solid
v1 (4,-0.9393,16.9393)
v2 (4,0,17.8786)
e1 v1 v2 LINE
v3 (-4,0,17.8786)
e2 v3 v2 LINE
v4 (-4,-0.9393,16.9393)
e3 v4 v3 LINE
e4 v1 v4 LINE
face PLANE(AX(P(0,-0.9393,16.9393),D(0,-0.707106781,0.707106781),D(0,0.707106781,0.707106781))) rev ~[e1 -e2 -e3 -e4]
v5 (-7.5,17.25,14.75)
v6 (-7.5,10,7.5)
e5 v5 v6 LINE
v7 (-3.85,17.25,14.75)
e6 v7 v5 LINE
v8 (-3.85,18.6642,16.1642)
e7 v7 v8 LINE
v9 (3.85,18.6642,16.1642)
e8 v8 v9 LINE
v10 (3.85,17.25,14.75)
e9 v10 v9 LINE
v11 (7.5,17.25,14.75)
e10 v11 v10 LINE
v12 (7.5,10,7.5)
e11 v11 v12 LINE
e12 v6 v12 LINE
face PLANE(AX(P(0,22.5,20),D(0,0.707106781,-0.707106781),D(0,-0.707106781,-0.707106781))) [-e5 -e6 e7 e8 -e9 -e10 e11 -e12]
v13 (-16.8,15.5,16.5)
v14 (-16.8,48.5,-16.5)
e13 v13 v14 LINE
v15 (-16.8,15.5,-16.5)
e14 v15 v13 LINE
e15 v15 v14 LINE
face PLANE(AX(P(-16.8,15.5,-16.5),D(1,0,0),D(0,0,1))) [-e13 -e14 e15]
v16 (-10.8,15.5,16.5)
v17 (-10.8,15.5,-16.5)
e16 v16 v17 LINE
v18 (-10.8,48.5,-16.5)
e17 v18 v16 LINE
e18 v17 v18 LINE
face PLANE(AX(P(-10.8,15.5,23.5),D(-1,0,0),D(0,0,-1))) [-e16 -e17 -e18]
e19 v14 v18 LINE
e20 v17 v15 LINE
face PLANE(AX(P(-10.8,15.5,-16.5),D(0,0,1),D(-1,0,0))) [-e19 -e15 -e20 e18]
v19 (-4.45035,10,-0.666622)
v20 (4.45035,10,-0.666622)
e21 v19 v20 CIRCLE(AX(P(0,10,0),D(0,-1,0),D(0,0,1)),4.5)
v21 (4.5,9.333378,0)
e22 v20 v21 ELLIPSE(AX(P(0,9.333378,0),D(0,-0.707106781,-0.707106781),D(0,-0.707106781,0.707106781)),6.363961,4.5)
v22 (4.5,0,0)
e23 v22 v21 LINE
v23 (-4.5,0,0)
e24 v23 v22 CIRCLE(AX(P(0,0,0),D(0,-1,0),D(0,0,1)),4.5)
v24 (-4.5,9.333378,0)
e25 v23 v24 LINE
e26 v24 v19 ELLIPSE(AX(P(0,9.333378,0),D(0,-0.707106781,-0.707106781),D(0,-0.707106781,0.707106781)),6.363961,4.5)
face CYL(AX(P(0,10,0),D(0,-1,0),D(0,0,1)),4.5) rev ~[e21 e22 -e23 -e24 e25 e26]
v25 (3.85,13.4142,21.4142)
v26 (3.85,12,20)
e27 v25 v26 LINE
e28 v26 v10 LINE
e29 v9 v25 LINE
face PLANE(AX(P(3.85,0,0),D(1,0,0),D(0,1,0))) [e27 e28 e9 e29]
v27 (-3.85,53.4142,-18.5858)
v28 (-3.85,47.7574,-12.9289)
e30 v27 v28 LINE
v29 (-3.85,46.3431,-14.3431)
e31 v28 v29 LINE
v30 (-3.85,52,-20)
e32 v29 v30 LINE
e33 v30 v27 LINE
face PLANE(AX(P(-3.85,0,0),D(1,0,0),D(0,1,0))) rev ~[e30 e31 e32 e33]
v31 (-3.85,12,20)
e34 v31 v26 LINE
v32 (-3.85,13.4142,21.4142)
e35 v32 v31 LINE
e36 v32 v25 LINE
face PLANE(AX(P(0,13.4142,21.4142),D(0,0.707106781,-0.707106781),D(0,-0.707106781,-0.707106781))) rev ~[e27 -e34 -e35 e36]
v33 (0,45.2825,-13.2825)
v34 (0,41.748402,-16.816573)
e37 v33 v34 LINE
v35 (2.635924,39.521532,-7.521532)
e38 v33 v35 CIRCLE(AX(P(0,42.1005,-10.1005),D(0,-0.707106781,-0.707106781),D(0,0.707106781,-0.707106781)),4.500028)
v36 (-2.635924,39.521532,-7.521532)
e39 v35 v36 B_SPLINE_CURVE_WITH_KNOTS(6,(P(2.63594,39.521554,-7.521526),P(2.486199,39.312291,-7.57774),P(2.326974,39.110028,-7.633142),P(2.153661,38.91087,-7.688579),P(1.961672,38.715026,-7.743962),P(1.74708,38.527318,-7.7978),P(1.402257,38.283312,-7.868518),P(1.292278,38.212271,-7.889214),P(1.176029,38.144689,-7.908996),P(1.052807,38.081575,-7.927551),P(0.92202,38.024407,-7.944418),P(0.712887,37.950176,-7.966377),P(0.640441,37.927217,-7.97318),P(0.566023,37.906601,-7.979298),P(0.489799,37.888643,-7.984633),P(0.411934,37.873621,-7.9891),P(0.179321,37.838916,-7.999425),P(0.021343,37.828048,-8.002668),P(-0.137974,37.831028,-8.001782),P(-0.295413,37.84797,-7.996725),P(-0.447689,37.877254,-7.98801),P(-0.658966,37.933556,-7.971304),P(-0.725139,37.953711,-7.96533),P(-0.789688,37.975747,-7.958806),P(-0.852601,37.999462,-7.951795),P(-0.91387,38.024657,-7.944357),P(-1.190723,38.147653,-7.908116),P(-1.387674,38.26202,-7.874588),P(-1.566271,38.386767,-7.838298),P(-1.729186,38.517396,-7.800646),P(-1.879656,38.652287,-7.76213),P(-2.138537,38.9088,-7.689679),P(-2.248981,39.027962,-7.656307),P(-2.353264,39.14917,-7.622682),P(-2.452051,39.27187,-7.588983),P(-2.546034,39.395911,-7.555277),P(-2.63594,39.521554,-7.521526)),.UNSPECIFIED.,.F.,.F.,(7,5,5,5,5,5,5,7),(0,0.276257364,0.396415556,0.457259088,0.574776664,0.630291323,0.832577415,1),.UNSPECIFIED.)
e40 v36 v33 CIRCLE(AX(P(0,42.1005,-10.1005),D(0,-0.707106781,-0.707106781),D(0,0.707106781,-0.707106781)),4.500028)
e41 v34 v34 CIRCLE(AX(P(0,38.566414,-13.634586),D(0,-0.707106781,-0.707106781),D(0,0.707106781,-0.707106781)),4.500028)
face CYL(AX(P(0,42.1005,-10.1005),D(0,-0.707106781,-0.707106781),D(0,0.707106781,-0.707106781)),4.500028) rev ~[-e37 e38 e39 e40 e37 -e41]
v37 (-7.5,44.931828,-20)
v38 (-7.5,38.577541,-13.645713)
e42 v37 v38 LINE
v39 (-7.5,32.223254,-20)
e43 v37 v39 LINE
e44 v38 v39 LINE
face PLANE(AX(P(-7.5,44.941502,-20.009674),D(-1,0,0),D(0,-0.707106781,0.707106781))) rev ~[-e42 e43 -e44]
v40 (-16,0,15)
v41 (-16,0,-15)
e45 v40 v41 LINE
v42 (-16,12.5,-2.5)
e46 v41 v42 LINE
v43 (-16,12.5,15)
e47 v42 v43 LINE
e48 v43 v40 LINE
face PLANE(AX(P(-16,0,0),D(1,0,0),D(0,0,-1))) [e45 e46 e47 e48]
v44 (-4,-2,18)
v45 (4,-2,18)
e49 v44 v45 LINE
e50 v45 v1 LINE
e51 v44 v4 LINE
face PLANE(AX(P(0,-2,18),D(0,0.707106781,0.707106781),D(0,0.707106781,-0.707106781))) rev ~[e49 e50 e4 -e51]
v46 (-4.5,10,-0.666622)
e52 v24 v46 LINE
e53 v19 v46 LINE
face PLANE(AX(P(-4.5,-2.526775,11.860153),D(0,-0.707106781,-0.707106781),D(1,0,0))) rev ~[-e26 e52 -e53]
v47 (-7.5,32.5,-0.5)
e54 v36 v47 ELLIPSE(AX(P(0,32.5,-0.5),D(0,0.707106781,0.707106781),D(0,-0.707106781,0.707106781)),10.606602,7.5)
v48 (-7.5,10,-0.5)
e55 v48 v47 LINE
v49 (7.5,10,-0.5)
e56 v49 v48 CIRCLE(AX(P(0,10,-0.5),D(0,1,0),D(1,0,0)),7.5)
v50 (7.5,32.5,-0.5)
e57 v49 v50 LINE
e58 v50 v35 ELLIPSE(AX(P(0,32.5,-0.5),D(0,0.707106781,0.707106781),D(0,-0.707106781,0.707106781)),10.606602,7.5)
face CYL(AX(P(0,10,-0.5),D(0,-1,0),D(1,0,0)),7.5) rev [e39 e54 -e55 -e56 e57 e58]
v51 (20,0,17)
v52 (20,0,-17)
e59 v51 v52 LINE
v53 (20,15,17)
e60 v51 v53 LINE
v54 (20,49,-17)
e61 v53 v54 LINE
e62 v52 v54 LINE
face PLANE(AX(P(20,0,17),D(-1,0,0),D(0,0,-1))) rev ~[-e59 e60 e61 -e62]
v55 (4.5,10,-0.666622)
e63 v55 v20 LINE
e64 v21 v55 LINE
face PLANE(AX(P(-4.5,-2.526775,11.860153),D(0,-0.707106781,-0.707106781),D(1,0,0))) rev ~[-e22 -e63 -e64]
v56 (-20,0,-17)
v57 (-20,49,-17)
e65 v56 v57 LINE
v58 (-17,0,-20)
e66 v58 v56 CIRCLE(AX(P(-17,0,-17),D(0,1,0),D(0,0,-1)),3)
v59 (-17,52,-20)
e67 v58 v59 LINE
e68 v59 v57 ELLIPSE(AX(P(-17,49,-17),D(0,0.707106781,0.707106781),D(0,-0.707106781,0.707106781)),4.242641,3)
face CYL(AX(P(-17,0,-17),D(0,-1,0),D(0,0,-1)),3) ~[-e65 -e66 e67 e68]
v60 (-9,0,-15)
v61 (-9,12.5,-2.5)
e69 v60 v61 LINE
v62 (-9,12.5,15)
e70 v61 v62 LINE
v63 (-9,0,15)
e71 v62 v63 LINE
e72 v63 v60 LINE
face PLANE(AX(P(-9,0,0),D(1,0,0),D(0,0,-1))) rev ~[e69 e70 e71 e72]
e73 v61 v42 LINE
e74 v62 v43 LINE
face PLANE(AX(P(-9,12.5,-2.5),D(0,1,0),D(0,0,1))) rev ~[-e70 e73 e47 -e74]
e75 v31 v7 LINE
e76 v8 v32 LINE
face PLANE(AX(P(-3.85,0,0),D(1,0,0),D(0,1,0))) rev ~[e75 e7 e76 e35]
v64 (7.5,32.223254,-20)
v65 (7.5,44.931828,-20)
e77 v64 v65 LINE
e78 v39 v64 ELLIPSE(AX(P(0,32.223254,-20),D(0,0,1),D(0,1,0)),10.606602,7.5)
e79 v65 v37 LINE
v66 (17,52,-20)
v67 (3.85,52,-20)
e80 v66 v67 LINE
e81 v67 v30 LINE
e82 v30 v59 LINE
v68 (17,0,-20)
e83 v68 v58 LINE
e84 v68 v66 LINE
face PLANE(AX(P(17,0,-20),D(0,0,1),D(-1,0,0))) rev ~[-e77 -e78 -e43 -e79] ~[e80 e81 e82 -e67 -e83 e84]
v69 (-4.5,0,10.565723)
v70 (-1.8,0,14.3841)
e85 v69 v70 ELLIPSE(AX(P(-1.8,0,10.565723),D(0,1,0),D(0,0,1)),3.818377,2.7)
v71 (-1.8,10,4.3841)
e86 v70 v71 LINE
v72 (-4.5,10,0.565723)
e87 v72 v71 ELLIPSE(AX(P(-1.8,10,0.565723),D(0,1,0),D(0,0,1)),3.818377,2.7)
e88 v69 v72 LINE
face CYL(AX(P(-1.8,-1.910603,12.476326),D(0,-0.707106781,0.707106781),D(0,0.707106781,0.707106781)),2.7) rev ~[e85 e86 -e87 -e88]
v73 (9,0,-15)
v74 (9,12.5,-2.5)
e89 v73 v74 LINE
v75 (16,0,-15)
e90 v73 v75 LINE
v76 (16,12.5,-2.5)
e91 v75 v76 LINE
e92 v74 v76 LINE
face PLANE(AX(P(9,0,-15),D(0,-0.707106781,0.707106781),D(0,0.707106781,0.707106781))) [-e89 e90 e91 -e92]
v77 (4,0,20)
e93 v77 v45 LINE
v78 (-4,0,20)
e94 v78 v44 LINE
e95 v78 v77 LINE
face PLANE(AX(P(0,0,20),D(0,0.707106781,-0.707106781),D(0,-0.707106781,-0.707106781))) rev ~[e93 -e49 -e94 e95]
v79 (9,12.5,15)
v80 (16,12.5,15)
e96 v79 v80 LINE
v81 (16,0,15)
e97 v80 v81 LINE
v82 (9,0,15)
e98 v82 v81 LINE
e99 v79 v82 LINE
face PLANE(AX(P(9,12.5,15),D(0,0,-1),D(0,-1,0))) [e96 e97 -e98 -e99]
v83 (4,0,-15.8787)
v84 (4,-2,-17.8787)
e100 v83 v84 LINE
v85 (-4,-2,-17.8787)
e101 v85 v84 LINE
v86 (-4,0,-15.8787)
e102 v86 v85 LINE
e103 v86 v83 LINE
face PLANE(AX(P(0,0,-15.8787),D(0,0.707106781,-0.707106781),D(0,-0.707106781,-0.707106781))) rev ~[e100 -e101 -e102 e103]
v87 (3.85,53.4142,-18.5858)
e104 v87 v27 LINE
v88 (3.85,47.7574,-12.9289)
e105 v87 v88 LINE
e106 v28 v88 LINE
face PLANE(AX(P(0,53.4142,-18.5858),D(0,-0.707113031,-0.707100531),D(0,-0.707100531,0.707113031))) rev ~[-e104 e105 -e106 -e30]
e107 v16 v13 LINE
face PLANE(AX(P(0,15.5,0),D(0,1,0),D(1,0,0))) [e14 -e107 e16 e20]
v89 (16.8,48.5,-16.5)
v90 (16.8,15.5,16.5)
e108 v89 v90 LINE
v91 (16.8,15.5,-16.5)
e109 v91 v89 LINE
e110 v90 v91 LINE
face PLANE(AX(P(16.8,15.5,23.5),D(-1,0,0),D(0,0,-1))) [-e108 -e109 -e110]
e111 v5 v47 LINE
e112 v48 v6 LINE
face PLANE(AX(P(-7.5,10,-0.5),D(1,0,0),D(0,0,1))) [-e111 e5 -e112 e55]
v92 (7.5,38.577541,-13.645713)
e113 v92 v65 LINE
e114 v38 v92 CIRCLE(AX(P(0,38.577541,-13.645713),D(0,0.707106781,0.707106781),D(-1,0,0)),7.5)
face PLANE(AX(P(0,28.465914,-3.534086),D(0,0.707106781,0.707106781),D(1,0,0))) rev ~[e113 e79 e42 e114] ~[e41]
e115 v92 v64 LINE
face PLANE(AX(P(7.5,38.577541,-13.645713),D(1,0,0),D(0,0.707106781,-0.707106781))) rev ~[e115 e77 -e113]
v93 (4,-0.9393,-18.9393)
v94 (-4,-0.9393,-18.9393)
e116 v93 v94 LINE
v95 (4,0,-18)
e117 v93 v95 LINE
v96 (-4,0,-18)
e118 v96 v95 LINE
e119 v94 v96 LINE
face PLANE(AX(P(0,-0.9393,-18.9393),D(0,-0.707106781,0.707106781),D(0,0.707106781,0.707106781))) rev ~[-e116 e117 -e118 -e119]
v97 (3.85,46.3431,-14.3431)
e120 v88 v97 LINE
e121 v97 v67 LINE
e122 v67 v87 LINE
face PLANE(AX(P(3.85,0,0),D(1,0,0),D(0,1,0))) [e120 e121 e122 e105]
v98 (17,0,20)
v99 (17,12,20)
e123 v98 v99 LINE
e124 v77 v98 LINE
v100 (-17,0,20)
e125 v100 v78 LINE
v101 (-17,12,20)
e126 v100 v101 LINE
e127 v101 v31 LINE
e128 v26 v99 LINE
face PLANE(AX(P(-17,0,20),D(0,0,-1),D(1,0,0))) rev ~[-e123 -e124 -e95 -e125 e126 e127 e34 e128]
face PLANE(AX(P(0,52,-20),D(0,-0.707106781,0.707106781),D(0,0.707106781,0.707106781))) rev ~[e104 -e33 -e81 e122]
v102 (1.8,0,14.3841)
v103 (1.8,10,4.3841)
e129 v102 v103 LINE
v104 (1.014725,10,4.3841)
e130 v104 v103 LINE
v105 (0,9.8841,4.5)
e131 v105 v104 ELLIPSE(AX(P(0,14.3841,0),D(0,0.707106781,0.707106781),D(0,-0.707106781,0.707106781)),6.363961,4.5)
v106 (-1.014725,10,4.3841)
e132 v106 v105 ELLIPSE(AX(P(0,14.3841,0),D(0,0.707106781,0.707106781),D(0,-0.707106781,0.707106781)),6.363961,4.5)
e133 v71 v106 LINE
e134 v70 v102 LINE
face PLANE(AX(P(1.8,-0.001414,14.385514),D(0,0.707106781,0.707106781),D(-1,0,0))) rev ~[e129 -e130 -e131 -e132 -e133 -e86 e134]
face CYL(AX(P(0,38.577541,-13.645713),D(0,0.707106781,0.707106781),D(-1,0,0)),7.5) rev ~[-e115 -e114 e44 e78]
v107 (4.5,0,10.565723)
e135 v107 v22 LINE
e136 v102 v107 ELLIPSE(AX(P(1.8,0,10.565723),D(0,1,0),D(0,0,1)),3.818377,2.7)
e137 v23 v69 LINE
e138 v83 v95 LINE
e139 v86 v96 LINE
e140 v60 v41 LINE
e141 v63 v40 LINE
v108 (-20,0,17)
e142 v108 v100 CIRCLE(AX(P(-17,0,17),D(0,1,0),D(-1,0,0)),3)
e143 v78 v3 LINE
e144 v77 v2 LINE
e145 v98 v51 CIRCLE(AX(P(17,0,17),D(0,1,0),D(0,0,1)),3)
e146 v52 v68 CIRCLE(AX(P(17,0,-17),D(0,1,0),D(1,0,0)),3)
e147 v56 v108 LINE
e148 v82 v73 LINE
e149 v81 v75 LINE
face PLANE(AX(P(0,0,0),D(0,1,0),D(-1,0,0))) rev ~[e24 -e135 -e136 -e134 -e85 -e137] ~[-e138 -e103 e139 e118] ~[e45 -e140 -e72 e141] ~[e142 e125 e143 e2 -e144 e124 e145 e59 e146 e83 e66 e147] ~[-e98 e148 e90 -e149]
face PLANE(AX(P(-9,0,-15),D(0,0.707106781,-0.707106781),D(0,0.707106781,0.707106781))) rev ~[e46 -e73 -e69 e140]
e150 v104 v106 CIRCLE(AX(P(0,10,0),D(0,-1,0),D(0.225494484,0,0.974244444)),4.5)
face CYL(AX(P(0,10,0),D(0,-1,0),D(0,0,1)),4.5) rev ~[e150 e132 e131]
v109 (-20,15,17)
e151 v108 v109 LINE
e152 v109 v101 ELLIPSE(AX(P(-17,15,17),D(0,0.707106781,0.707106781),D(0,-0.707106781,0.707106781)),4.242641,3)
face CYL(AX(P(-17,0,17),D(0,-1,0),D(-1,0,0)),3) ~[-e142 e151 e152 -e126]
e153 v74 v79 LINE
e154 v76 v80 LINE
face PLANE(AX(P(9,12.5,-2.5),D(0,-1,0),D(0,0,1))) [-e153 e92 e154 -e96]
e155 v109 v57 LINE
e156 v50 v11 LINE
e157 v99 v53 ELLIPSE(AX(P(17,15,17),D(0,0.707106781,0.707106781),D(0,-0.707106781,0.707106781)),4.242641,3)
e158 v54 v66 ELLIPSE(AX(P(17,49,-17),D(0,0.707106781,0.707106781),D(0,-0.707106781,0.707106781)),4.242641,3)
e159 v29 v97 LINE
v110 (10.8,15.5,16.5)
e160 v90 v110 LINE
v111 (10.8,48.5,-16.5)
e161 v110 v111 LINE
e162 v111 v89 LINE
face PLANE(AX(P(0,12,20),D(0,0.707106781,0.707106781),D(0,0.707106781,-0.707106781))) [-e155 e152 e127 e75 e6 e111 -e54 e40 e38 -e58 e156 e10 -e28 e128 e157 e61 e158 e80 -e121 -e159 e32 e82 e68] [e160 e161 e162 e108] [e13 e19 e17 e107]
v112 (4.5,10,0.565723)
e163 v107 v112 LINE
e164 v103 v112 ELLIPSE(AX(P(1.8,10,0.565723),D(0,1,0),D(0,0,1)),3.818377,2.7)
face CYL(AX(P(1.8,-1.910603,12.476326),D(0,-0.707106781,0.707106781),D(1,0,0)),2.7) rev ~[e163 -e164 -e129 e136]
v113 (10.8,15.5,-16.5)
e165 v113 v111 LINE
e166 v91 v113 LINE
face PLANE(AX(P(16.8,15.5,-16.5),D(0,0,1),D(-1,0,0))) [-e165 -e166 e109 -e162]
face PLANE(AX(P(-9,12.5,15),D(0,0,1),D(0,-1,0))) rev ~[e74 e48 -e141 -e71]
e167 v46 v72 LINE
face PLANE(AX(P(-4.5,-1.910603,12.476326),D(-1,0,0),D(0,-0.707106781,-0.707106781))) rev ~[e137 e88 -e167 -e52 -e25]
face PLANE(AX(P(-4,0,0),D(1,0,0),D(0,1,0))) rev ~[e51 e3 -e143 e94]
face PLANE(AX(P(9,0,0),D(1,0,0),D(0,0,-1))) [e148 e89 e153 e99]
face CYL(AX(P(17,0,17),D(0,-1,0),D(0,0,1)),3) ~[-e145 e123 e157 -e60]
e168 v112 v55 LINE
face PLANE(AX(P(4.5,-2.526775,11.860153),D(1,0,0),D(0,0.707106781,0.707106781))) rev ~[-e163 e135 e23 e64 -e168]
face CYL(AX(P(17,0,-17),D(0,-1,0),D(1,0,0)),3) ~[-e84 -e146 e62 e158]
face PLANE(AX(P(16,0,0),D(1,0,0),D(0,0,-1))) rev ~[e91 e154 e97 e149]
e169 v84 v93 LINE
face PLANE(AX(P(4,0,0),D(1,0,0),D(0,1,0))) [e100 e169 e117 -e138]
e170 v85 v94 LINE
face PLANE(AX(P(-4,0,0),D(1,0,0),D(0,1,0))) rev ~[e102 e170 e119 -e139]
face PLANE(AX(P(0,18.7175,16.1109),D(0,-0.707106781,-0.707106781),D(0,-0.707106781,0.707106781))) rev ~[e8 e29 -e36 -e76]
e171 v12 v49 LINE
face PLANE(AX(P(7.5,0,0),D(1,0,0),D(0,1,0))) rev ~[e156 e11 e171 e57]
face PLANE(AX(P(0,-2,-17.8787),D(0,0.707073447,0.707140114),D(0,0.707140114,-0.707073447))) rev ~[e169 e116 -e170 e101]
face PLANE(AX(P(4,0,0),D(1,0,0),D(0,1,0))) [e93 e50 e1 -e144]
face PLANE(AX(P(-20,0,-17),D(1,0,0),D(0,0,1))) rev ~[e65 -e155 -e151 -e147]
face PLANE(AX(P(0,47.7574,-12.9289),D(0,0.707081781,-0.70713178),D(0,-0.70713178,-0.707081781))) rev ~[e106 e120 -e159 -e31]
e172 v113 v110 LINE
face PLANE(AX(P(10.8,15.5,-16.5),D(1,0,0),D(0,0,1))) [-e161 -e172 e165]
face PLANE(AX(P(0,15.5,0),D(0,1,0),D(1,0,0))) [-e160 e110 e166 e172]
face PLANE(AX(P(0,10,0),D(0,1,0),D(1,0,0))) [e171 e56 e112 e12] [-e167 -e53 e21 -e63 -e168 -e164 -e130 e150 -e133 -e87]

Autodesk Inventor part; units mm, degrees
ref_plane "YZ Plane" through (0, 0, 0) normal (1, 0, 0) x (0, 1, 0)
ref_plane "XZ Plane" through (0, 0, 0) normal (0, 1, 0) x (-1, 0, 0)
ref_plane "XY Plane" through (0, 0, 0) normal (0, 0, 1) x (1, 0, 0)
sketch "Sketch_1" plane through (0, 0, 0) normal (0, 1, 0) x (-1, 0, 0)
  arc A0 (20, 17) -> (17, 20) centre (17, 17) ccw
  line L0 (17, 20) -> (-17, 20)
  arc A1 (-17, 20) -> (-20, 17) centre (-17, 17) ccw
  line L1 (-20, 17) -> (-20, -17)
  arc A2 (-20, -17) -> (-17, -20) centre (-17, -17) ccw
  line L2 (-17, -20) -> (17, -20)
  arc A3 (17, -20) -> (20, -17) centre (17, -17) ccw
  line L3 (20, -17) -> (20, 17)
extrude "Extrusion1" add sketch "Sketch_1" along normal blind 52
sketch "Sketch_2" plane through (0, 0, 0) normal (1, 0, 0) x (0, 1, 0)
  line L0 (12, 20) -> (52, -20)
  line L1 (52, -20) -> (52, 20)
  line L2 (52, 20) -> (12, 20)
extrude "Extrusion2" cut sketch "Sketch_2" along normal mid plane 40
sketch "Sketch_13" plane through (0, 0, 0) normal (1, 0, 0) x (0, 1, 0)
  line L0 (13.4142, 21.4142) -> (12, 20)
  line L1 (12, 20) -> (17.3033, 14.6967)
  line L2 (17.3033, 14.6967) -> (18.7175, 16.1109)
  line L3 (18.7175, 16.1109) -> (13.4142, 21.4142)
extrude "Extrusion3" add sketch "Sketch_13" along normal mid plane 7.7
sketch "Sketch_14" plane through (0, 0, 0) normal (1, 0, 0) x (0, 1, 0)
  line L0 (47.7574, -12.9289) -> (46.3431, -14.3431)
  line L1 (46.3431, -14.3431) -> (52, -20)
  line L2 (52, -20) -> (53.4142, -18.5858)
  line L3 (53.4142, -18.5858) -> (47.7574, -12.9289)
extrude "Extrusion4" add sketch "Sketch_14" along normal mid plane 7.7
sketch "Sketch_3" plane through (0, 15.5, 0) normal (0, 1, 0) x (1, 0, 0)
  line L0 (-16.8, -23.5) -> (-10.8, -23.5)
  line L1 (-10.8, -23.5) -> (-10.8, 16.5)
  line L2 (-10.8, 16.5) -> (-16.8, 16.5)
  line L3 (-16.8, 16.5) -> (-16.8, -23.5)
extrude "Extrusion5" cut sketch "Sketch_3" along normal blind 40
sketch "Sketch_4" plane through (0, 15.5, 0) normal (0, 1, 0) x (1, 0, 0)
  line L0 (10.8, -23.5) -> (16.8, -23.5)
  line L1 (16.8, -23.5) -> (16.8, 16.5)
  line L2 (16.8, 16.5) -> (10.8, 16.5)
  line L3 (10.8, 16.5) -> (10.8, -23.5)
extrude "Extrusion6" cut sketch "Sketch_4" along normal blind 40
sketch "Sketch_5" plane through (0, 10, 0) normal (0, 1, 0) x (1, 0, 0)
  line L0 (-7.5, 0.5) -> (-7.5, -7.5)
  line L1 (-7.5, -7.5) -> (7.5, -7.5)
  line L2 (7.5, -7.5) -> (7.5, 0.5)
  arc A0 (7.5, 0.5) -> (-7.5, 0.5) centre (0, 0.5) ccw
extrude "Extrusion7" cut sketch "Sketch_5" along normal blind 40
sketch "Sketch_6" plane through (0, 0, 0) normal (1, 0, 0) x (0, 1, 0)
  line L0 (50, 20) -> (22.5, 20)
  line L1 (22.5, 20) -> (10, 7.5)
  line L2 (10, 7.5) -> (50, 7.5)
  line L3 (50, 7.5) -> (50, 20)
extrude "Extrusion8" cut sketch "Sketch_6" along normal mid plane 15
sketch "Sketch9" plane through (0, 10, 0) normal (0, 1, 0) x (1, 0, 0)
  point P0 (0, 0)
hole "Hole1" at (0, 10, 0) direction (0, -1, 0) diameter 9 depth 10
sketch "Sketch_8" plane through (0, 0, 14.3841) normal (0, -0.7071, 0.7071) x (1, 0, 0)
  line L0 (-4.5, -2.7) -> (-4.5, -3.5714)
  line L1 (-4.5, -3.5714) -> (4.5, -3.5714)
  line L2 (4.5, -3.5714) -> (4.5, -2.7)
  arc A0 (4.5, -2.7) -> (1.8, 0) centre (1.8, -2.7) ccw
  line L3 (1.8, 0) -> (-1.8, 0)
  arc A1 (-1.8, 0) -> (-4.5, -2.7) centre (-1.8, -2.7) ccw
extrude "Extrusion9" cut sketch "Sketch_8" against normal blind 20
sketch "Sketch_9" plane through (0, 0, 0) normal (1, 0, 0) x (0, 1, 0)
  line L0 (0, 9.67) -> (0, 0)
  line L1 (0, 0) -> (10, 0)
  line L2 (10, 0) -> (10, 4.3841)
  line L3 (10, 4.3841) -> (4.7141, 9.67)
  line L4 (4.7141, 9.67) -> (0, 9.67)
extrude "Extrusion10" cut sketch "Sketch_9" along normal mid plane 3
sketch "Sketch_10" plane through (0, 0, 0) normal (1, 0, 0) x (0, 1, 0)
  line L0 (0.7957, 9.77) -> (0, 9.77)
  line L1 (0, 9.77) -> (0, 0)
  line L2 (0, 0) -> (10, 0)
  line L3 (10, 0) -> (10, 0.5657)
  line L4 (10, 0.5657) -> (0.7957, 9.77)
extrude "Extrusion11" cut sketch "Sketch_10" along normal mid plane 9
sketch "Sketch_11" plane through (0, 0, 0) normal (1, 0, 0) x (0, 1, 0)
  line L0 (27.9584, -24.2426) -> (42.1005, -10.1005)
  line L1 (42.1005, -10.1005) -> (45.2825, -13.2825)
  line L2 (45.2825, -13.2825) -> (31.1403, -27.4246)
  line L3 (31.1403, -27.4246) -> (27.9584, -24.2426)
  line L4 (27.9584, -24.2426) -> (42.1005, -10.1005)
revolve "Revolution1" cut sketch "Sketch_11" angle 360 about axis through (0, 27.9584, -24.2426) along (0, -0.7071, -0.7071)
sketch "Sketch_15" plane through (0, 0, 0) normal (1, 0, 0) x (0, 1, 0)
  line L0 (0, 20) -> (-2, 18)
  line L1 (-2, 18) -> (-0.9393, 16.9393)
  line L2 (-0.9393, 16.9393) -> (1.0607, 18.9393)
  line L3 (1.0607, 18.9393) -> (0, 20)
extrude "Extrusion12" add sketch "Sketch_15" along normal mid plane 8
sketch "Sketch_16" plane through (0, 0, 0) normal (1, 0, 0) x (0, 1, 0)
  line L0 (0, -15.8787) -> (-2, -17.8787)
  line L1 (-2, -17.8787) -> (-0.9393, -18.9393)
  line L2 (-0.9393, -18.9393) -> (1.0607, -16.9393)
  line L3 (1.0607, -16.9393) -> (0, -15.8787)
extrude "Extrusion13" add sketch "Sketch_16" along normal mid plane 8
sketch "Sketch_12" plane through (0, 28.4645, -3.5355) normal (0, 0.7071, 0.7071) x (1, 0, 0)
  arc A0 (-7.5, 14.3) -> (7.5, 14.3) centre (0, 14.3) ccw
  line L0 (7.5, 14.3) -> (7.5, 23.3)
  line L1 (7.5, 23.3) -> (-7.5, 23.3)
  line L2 (-7.5, 23.3) -> (-7.5, 14.3)
extrude "Extrusion14" cut sketch "Sketch_12" against normal blind 40
sketch "Sketch_17" plane through (9, 0, 0) normal (1, 0, 0) x (0, 0, -1)
  line L0 (-15, 12.5) -> (-15, 0)
  line L1 (-15, 0) -> (15, 0)
  line L2 (15, 0) -> (2.5, 12.5)
  line L3 (2.5, 12.5) -> (-15, 12.5)
extrude "Extrusion15" cut sketch "Sketch_17" along normal blind 7
sketch "Sketch_18" plane through (-9, 0, 0) normal (1, 0, 0) x (0, 0, -1)
  line L0 (-15, 12.5) -> (-15, 0)
  line L1 (-15, 0) -> (15, 0)
  line L2 (15, 0) -> (2.5, 12.5)
  line L3 (2.5, 12.5) -> (-15, 12.5)
extrude "Extrusion16" cut sketch "Sketch_18" against normal blind 7
properties part number "14118"
